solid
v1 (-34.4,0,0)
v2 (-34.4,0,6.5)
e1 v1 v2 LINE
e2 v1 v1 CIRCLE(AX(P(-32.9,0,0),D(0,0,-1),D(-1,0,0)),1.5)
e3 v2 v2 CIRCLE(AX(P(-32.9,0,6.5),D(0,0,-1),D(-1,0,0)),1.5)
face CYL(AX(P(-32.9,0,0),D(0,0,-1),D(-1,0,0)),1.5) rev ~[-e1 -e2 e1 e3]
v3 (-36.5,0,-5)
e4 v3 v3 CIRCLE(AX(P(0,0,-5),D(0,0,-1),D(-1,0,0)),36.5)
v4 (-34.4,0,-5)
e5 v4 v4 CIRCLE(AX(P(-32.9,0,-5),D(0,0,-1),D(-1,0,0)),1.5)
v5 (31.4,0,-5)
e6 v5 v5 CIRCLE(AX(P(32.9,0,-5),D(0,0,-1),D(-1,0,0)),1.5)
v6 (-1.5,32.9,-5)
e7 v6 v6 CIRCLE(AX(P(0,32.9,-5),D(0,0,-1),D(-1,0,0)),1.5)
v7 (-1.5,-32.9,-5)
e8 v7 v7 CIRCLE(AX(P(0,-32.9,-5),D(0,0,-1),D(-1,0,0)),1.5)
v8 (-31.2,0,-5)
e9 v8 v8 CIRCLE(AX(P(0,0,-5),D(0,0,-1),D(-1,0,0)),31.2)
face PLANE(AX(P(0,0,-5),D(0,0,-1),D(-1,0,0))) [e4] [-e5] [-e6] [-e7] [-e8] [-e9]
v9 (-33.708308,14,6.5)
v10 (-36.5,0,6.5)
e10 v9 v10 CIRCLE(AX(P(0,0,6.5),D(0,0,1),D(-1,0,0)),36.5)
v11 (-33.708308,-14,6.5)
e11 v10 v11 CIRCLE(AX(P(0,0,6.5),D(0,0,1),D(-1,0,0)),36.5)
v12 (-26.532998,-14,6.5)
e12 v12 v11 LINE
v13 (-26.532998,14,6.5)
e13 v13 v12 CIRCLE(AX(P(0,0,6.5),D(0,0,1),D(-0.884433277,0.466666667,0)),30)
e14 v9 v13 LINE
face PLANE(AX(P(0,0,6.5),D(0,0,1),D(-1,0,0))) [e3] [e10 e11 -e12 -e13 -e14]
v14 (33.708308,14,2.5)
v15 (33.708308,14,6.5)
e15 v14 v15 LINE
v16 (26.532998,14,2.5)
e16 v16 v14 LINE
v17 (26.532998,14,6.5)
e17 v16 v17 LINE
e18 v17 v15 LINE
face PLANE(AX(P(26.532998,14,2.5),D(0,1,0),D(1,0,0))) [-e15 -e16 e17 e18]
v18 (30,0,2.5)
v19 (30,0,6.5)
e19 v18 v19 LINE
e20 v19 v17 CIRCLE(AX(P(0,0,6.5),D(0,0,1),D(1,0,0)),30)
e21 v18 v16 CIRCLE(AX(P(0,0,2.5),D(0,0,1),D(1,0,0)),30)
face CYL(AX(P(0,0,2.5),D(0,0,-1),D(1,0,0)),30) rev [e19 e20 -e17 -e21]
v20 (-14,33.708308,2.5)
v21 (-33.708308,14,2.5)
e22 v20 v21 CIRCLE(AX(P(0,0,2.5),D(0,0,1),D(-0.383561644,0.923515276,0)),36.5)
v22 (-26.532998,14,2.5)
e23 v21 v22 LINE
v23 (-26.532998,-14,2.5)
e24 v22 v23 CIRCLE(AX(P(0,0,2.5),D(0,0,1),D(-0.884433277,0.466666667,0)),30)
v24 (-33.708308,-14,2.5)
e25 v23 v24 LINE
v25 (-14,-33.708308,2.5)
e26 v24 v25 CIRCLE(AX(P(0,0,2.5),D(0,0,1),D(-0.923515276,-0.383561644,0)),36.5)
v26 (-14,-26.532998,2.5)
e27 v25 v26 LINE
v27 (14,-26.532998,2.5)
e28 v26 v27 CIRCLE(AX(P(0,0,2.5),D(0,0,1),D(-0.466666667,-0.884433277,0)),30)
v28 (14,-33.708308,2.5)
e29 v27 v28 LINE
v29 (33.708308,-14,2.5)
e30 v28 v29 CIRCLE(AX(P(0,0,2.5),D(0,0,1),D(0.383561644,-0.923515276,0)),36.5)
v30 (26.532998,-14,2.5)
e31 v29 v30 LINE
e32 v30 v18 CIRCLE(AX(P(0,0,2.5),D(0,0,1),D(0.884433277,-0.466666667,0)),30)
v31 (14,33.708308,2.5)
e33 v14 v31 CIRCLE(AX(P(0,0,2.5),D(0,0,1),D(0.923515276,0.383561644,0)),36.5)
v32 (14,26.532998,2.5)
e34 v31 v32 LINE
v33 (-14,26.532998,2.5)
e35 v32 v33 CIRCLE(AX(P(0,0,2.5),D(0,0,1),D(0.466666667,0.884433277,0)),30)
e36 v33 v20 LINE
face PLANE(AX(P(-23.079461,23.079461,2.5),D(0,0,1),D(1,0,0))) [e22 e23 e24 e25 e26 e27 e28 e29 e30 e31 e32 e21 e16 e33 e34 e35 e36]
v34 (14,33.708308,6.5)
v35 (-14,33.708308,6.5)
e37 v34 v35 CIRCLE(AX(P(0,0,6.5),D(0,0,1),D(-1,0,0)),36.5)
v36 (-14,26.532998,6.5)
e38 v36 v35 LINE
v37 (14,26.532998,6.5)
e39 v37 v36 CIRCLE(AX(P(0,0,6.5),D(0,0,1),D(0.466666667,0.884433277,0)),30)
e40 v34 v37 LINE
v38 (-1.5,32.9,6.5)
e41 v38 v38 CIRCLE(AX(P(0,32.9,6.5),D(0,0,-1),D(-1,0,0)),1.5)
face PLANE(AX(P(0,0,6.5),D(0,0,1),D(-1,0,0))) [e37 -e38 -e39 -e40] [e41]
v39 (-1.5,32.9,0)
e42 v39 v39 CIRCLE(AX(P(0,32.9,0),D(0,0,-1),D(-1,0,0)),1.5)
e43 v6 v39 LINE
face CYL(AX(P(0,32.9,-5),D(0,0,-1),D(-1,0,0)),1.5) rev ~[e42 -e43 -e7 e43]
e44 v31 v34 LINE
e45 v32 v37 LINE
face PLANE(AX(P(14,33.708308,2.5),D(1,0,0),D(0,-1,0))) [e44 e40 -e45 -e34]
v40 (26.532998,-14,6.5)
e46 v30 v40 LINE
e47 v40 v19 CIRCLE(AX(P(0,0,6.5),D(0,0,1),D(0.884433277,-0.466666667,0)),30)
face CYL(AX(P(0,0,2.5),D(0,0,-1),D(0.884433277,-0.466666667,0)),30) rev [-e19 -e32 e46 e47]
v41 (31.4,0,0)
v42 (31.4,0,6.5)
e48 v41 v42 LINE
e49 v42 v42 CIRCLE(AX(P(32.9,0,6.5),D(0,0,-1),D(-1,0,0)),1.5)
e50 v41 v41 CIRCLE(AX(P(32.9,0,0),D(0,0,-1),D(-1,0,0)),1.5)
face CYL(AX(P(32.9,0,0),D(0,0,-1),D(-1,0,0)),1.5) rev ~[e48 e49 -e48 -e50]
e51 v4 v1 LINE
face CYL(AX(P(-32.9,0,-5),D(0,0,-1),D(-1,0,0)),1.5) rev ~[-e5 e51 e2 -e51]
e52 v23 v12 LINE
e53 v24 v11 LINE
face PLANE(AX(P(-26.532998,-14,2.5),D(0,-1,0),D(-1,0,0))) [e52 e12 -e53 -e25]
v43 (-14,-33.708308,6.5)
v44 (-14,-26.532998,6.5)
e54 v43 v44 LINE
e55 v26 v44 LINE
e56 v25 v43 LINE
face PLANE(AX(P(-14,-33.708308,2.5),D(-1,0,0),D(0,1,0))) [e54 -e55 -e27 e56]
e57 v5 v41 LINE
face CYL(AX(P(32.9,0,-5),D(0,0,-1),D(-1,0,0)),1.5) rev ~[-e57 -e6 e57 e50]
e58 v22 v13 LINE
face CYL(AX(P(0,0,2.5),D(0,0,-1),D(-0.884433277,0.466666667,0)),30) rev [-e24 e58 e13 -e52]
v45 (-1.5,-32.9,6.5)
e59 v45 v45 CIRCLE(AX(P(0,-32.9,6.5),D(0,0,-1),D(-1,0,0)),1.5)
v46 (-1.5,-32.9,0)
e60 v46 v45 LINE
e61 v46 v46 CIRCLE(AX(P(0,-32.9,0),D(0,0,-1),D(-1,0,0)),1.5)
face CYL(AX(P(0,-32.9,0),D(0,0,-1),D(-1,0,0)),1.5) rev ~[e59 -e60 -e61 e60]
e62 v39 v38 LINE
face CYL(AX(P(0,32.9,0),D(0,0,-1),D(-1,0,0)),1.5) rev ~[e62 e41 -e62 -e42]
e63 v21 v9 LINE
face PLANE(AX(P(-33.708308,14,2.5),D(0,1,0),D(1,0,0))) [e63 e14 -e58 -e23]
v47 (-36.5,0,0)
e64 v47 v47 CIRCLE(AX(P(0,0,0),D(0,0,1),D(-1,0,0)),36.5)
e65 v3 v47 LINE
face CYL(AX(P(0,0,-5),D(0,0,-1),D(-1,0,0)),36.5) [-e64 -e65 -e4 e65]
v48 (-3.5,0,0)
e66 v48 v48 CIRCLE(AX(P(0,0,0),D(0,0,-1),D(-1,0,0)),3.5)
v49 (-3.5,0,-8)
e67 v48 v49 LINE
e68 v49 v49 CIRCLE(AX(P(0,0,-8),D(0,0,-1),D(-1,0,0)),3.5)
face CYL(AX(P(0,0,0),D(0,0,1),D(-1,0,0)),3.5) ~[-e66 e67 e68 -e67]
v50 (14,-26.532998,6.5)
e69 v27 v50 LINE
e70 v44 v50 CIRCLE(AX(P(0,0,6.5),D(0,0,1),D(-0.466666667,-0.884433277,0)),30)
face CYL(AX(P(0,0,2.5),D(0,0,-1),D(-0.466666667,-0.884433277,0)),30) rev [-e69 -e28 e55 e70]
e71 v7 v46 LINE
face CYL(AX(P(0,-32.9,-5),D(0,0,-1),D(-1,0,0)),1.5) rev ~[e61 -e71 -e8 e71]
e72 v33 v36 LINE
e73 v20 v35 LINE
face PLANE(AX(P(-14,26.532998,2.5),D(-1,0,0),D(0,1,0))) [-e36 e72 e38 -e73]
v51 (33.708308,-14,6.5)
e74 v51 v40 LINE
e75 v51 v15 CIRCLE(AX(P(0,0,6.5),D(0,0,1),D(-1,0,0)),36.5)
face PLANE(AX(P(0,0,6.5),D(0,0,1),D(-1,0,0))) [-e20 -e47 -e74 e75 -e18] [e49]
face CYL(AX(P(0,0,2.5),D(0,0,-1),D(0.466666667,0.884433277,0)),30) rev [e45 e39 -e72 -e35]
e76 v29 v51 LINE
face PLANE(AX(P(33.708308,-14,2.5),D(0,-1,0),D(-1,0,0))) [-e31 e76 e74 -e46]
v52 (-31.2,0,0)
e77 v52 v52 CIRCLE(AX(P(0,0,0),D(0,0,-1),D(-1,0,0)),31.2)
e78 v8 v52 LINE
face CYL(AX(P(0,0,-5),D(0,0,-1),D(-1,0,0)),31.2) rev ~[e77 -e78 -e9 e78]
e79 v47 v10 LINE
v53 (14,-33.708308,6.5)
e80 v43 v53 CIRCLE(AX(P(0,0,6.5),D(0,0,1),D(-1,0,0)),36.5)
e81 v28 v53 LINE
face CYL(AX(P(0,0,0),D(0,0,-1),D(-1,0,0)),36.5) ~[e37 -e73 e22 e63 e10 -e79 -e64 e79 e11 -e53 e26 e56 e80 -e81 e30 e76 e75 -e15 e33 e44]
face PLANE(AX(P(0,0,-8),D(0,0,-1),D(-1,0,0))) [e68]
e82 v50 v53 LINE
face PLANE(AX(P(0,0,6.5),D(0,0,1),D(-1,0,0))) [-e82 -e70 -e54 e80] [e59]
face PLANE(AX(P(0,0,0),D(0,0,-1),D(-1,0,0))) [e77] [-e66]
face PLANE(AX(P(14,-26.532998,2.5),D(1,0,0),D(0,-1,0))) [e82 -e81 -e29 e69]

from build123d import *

# Parameters (mm, degrees)
SKETCH_1_R          = 36.5
EXTRUDE_1_DEPTH     = 6.5
CUT_EXTRUDE_START   = -4
CUT_EXTRUDE_2_DEPTH = 4
CUT_EXTRUDE_3_DEPTH = 4
SKETCH_6_R          = 1.5
CUT_EXTRUDE_5_DEPTH = 53.026435588
EXTRUDE_START       = 5
SKETCH_7_R          = 36.5
SKETCH_7_R_2        = 1.5
EXTRUDE_2_DEPTH     = 5
SKETCH_8_R          = 31.2
CUT_EXTRUDE_6_DEPTH = 5
SKETCH_9_R          = 3.5
EXTRUDE_3_DEPTH     = 8


with BuildPart() as part:
    # 草图1 → 凸台-拉伸1 (new body)
    with BuildSketch(Plane.XY):
        with Locations(Location((0, 0, 0), (0, 0, 180))):
            Circle(SKETCH_1_R)
    extrude(amount=EXTRUDE_1_DEPTH)

    # 草图3 → 切除-拉伸2 (cut)
    with BuildSketch(Plane.XY.offset(6.5).offset(CUT_EXTRUDE_START)):
        with BuildLine():
            Line((14, 33.708307581), (14, 26.532998323))
            ThreePointArc((14, 26.532998323), (21.213203436, 21.213203436), (26.532998323, 14))
            Line((26.532998323, 14), (33.708307581, 14))
            ThreePointArc((33.708307581, 14), (25.809397513, 25.809397513), (14, 33.708307581))
        make_face()
        with BuildLine():
            ThreePointArc((26.532998323, -14), (21.213203436, -21.213203436), (14, -26.532998323))
            Line((14, -26.532998323), (14, -33.708307581))
            ThreePointArc((14, -33.708307581), (25.809397513, -25.809397513), (33.708307581, -14))
            Line((33.708307581, -14), (26.532998323, -14))
        make_face()
        with BuildLine():
            Line((-14, -33.708307581), (-14, -26.532998323))
            ThreePointArc((-14, -26.532998323), (-21.213203436, -21.213203436), (-26.532998323, -14))
            Line((-26.532998323, -14), (-33.708307581, -14))
            ThreePointArc((-33.708307581, -14), (-25.809397513, -25.809397513), (-14, -33.708307581))
        make_face()
        with BuildLine():
            Line((-33.708307581, 14), (-26.532998323, 14))
            ThreePointArc((-26.532998323, 14), (-21.213203436, 21.213203436), (-14, 26.532998323))
            Line((-14, 26.532998323), (-14, 33.708307581))
            ThreePointArc((-14, 33.708307581), (-25.809397513, 25.809397513), (-33.708307581, 14))
        make_face()
    extrude(amount=CUT_EXTRUDE_2_DEPTH, mode=Mode.SUBTRACT)

    # 草图4 → 切除-拉伸3 (cut)
    with BuildSketch(Plane.XY.offset(6.5).offset(CUT_EXTRUDE_START)):
        with BuildLine():
            ThreePointArc((26.532998323, -14), (29.120353275, -7.211450974), (30, 0))
            ThreePointArc((30, 0), (29.120353275, 7.211450974), (26.532998323, 14))
            ThreePointArc((26.532998323, 14), (21.213203436, 21.213203436), (14, 26.532998323))
            ThreePointArc((14, 26.532998323), (0, 30), (-14, 26.532998323))
            ThreePointArc((-14, 26.532998323), (-21.213203436, 21.213203436), (-26.532998323, 14))
            ThreePointArc((-26.532998323, 14), (-30, 0), (-26.532998323, -14))
            ThreePointArc((-26.532998323, -14), (-21.213203436, -21.213203436), (-14, -26.532998323))
            ThreePointArc((-14, -26.532998323), (0, -30), (14, -26.532998323))
            ThreePointArc((14, -26.532998323), (21.213203436, -21.213203436), (26.532998323, -14))
        make_face()
    extrude(amount=CUT_EXTRUDE_3_DEPTH, mode=Mode.SUBTRACT)

    # 草图6 → 切除-拉伸5 (cut, through all)
    with BuildSketch(Plane(origin=(0, 0, 0), x_dir=(-1, 0, 0), z_dir=(0, 0, -1))):
        with Locations((32.9, 0)):
            Circle(SKETCH_6_R)
        with Locations((0, -32.9)):
            Circle(SKETCH_6_R)
        with Locations((0, 32.9)):
            Circle(SKETCH_6_R)
        with Locations((-32.9, 0)):
            Circle(SKETCH_6_R)
    extrude(amount=-CUT_EXTRUDE_5_DEPTH, mode=Mode.SUBTRACT)

    # 草图7 → 凸台-拉伸2 (add)
    with BuildSketch(Plane(origin=(0, 0, 0), x_dir=(-1, 0, 0), z_dir=(0, 0, -1)).offset(EXTRUDE_START)):
        Circle(SKETCH_7_R)
        with Locations((0, -32.9)):
            Circle(SKETCH_7_R_2, mode=Mode.SUBTRACT)
        with Locations((-32.9, 0)):
            Circle(SKETCH_7_R_2, mode=Mode.SUBTRACT)
        with Locations((0, 32.9)):
            Circle(SKETCH_7_R_2, mode=Mode.SUBTRACT)
        with Locations((32.9, 0)):
            Circle(SKETCH_7_R_2, mode=Mode.SUBTRACT)
    extrude(amount=-EXTRUDE_2_DEPTH)

    # 草图8 → 切除-拉伸6 (cut)
    with BuildSketch(Plane(origin=(0, 0, -5), x_dir=(-1, 0, 0), z_dir=(0, 0, -1))):
        Circle(SKETCH_8_R)
    extrude(amount=-CUT_EXTRUDE_6_DEPTH, mode=Mode.SUBTRACT)

    # 草图9 → 凸台-拉伸3 (add)
    with BuildSketch(Plane(origin=(0, 0, 0), x_dir=(-1, 0, 0), z_dir=(0, 0, -1))):
        Circle(SKETCH_9_R)
    extrude(amount=EXTRUDE_3_DEPTH)


solid = part.part
